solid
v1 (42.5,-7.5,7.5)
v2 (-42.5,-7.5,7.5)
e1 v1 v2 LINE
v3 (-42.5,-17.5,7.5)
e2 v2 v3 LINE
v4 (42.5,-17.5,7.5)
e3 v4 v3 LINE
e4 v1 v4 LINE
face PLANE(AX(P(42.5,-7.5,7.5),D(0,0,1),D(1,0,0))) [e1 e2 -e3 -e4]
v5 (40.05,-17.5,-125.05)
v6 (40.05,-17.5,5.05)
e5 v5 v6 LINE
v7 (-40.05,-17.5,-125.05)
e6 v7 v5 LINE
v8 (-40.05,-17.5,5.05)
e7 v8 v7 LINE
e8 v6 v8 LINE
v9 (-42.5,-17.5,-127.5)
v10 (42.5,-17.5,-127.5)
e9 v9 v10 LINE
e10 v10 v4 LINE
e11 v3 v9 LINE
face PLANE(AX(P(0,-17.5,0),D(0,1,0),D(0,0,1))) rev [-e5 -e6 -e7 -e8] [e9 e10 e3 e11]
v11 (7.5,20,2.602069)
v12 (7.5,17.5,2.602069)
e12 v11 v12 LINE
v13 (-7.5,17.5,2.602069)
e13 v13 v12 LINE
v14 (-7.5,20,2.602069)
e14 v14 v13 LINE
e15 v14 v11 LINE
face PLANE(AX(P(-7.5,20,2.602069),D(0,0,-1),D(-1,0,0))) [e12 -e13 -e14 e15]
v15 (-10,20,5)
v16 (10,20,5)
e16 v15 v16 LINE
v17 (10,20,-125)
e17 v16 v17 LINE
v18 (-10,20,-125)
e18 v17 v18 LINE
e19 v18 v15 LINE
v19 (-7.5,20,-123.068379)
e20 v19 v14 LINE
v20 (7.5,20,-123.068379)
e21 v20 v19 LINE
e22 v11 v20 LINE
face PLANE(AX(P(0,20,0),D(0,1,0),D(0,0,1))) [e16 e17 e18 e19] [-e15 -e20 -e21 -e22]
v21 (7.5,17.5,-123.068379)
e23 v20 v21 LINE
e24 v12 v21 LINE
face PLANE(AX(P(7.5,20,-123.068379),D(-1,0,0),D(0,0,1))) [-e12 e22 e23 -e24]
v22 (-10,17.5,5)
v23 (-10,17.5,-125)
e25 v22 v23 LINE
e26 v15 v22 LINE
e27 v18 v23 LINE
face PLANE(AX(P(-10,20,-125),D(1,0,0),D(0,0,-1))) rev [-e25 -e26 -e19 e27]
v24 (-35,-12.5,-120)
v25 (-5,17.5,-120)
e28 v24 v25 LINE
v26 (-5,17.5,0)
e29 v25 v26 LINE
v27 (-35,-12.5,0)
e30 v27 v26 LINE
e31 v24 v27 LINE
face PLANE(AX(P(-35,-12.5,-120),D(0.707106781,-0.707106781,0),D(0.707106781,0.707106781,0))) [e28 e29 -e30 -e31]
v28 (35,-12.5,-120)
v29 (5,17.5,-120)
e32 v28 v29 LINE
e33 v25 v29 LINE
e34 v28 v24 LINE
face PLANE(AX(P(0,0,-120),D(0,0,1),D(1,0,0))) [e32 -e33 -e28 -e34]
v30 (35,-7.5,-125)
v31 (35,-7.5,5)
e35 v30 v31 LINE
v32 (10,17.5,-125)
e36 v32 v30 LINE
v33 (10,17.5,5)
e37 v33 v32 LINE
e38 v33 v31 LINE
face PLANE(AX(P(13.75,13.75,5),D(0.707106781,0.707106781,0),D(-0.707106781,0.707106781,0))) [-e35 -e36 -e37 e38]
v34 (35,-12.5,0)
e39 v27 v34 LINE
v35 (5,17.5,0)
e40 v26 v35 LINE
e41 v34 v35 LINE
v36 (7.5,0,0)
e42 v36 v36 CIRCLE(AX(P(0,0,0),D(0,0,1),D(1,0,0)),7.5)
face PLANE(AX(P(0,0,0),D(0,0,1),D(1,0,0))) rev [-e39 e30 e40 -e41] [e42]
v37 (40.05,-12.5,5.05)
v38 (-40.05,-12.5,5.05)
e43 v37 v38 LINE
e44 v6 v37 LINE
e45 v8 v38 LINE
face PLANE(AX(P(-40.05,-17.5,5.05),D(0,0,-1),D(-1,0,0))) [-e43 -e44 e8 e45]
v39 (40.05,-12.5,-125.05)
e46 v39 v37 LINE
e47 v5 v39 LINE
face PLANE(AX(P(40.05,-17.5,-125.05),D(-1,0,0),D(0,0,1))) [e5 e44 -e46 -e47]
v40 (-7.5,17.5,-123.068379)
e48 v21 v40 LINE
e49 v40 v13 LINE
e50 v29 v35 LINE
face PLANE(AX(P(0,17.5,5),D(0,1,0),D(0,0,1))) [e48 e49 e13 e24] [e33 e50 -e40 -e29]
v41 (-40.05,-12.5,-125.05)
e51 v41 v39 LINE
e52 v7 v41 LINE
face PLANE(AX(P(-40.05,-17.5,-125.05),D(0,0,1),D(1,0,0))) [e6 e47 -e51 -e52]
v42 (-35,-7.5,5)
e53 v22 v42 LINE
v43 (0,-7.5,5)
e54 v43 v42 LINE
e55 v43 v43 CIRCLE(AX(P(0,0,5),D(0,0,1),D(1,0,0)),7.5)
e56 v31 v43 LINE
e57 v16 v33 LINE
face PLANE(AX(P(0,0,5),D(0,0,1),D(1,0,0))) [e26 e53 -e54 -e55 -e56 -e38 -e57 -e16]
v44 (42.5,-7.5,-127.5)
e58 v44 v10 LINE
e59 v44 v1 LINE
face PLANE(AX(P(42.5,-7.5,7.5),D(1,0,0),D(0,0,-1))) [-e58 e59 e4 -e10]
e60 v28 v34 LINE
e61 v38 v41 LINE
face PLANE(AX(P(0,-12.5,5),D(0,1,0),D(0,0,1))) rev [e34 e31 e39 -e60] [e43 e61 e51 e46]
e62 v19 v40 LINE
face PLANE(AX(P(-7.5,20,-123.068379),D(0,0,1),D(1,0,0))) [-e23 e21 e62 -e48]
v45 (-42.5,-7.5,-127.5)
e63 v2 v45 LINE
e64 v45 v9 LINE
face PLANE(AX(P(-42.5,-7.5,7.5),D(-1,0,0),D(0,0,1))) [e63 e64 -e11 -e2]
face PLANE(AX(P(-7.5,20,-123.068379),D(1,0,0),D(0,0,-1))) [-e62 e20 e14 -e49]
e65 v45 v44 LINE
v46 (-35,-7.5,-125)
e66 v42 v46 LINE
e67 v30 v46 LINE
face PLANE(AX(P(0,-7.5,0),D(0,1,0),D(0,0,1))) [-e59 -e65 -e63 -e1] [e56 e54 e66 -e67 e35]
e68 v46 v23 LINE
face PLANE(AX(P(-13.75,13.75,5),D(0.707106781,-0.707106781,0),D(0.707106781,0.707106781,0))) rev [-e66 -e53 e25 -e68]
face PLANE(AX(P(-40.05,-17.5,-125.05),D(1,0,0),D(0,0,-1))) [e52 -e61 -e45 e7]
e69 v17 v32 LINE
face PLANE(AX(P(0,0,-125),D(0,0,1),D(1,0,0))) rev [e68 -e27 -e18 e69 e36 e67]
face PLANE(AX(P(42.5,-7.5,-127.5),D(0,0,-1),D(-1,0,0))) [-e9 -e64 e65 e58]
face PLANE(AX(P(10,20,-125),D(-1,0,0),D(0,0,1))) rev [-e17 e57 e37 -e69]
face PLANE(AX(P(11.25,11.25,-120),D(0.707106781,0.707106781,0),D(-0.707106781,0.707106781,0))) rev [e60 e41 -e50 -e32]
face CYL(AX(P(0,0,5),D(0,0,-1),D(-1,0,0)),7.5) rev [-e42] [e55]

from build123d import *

# Parameters (mm, degrees)
SKETCH2_R            = 7.5
BOSS_EXTRUDE1_DEPTH  = 5
BOSS_EXTRUDE4_DEPTH  = 120
BOSS_EXTRUDE5_DEPTH  = 5
SKETCH7_W            = 85
SKETCH7_H            = 135
SKETCH7_W_2          = 70
SKETCH7_H_2          = 120
BOSS_EXTRUDE6_DEPTH  = 5
SKETCH10_W           = 85
SKETCH10_H           = 135
SKETCH10_W_2         = 80.1
SKETCH10_H_2         = 130.1
BOSS_EXTRUDE9_DEPTH  = 5
SKETCH11_W           = 20
SKETCH11_H           = 130
SKETCH11_W_2         = 15
SKETCH11_H_2         = 125.670447934
BOSS_EXTRUDE10_DEPTH = 2.5


with BuildPart() as part:
    # Sketch2 → Boss-Extrude1 (new body)
    with BuildSketch(Plane.XY):
        Polygon((-10, 17.5), (10, 17.5), (40, -12.5), (-40, -12.5), align=None)
        Circle(SKETCH2_R, mode=Mode.SUBTRACT)
    extrude(amount=BOSS_EXTRUDE1_DEPTH)

    # Sketch5 → Boss-Extrude4 (add)
    with BuildSketch(Plane(origin=(0, 0, 0), x_dir=(-1, 0, 0), z_dir=(0, 0, -1))):
        Polygon((-10, 17.5), (-40, -12.5), (-35, -12.5), (-5, 17.5), align=None)
        Polygon((10, 17.5), (40, -12.5), (35, -12.5), (5, 17.5), align=None)
    extrude(amount=BOSS_EXTRUDE4_DEPTH)

    # Sketch6 → Boss-Extrude5 (add)
    with BuildSketch(Plane(origin=(0, 0, -120), x_dir=(-1, 0, 0), z_dir=(0, 0, -1))):
        Polygon((-40, -12.5), (40, -12.5), (10, 17.5), (-10, 17.5), align=None)
    extrude(amount=BOSS_EXTRUDE5_DEPTH)

    # Sketch7 → Boss-Extrude6 (add)
    with BuildSketch(Plane(origin=(0, -12.5, 0), x_dir=(-1, 0, 0), z_dir=(0, -1, 0))):
        with Locations((0, 60)):
            Rectangle(SKETCH7_W, SKETCH7_H)
        with Locations((0, 60)):
            Rectangle(SKETCH7_W_2, SKETCH7_H_2, mode=Mode.SUBTRACT)
    extrude(amount=-BOSS_EXTRUDE6_DEPTH)

    # Sketch10 → Boss-Extrude9 (add)
    with BuildSketch(Plane(origin=(0, -12.5, 0), x_dir=(-1, 0, 0), z_dir=(0, -1, 0))):
        with Locations((0, 60)):
            Rectangle(SKETCH10_W, SKETCH10_H)
        with Locations((0, 60)):
            Rectangle(SKETCH10_W_2, SKETCH10_H_2, mode=Mode.SUBTRACT)
    extrude(amount=BOSS_EXTRUDE9_DEPTH)

    # Sketch11 → Boss-Extrude10 (add)
    with BuildSketch(Plane(origin=(0, 17.5, 0), x_dir=(1, 0, 0), z_dir=(0, 1, 0))):
        with Locations((0, 60)):
            Rectangle(SKETCH11_W, SKETCH11_H)
        with Locations((0, 60.23315482)):
            Rectangle(SKETCH11_W_2, SKETCH11_H_2, mode=Mode.SUBTRACT)
    extrude(amount=BOSS_EXTRUDE10_DEPTH)


solid = part.part
